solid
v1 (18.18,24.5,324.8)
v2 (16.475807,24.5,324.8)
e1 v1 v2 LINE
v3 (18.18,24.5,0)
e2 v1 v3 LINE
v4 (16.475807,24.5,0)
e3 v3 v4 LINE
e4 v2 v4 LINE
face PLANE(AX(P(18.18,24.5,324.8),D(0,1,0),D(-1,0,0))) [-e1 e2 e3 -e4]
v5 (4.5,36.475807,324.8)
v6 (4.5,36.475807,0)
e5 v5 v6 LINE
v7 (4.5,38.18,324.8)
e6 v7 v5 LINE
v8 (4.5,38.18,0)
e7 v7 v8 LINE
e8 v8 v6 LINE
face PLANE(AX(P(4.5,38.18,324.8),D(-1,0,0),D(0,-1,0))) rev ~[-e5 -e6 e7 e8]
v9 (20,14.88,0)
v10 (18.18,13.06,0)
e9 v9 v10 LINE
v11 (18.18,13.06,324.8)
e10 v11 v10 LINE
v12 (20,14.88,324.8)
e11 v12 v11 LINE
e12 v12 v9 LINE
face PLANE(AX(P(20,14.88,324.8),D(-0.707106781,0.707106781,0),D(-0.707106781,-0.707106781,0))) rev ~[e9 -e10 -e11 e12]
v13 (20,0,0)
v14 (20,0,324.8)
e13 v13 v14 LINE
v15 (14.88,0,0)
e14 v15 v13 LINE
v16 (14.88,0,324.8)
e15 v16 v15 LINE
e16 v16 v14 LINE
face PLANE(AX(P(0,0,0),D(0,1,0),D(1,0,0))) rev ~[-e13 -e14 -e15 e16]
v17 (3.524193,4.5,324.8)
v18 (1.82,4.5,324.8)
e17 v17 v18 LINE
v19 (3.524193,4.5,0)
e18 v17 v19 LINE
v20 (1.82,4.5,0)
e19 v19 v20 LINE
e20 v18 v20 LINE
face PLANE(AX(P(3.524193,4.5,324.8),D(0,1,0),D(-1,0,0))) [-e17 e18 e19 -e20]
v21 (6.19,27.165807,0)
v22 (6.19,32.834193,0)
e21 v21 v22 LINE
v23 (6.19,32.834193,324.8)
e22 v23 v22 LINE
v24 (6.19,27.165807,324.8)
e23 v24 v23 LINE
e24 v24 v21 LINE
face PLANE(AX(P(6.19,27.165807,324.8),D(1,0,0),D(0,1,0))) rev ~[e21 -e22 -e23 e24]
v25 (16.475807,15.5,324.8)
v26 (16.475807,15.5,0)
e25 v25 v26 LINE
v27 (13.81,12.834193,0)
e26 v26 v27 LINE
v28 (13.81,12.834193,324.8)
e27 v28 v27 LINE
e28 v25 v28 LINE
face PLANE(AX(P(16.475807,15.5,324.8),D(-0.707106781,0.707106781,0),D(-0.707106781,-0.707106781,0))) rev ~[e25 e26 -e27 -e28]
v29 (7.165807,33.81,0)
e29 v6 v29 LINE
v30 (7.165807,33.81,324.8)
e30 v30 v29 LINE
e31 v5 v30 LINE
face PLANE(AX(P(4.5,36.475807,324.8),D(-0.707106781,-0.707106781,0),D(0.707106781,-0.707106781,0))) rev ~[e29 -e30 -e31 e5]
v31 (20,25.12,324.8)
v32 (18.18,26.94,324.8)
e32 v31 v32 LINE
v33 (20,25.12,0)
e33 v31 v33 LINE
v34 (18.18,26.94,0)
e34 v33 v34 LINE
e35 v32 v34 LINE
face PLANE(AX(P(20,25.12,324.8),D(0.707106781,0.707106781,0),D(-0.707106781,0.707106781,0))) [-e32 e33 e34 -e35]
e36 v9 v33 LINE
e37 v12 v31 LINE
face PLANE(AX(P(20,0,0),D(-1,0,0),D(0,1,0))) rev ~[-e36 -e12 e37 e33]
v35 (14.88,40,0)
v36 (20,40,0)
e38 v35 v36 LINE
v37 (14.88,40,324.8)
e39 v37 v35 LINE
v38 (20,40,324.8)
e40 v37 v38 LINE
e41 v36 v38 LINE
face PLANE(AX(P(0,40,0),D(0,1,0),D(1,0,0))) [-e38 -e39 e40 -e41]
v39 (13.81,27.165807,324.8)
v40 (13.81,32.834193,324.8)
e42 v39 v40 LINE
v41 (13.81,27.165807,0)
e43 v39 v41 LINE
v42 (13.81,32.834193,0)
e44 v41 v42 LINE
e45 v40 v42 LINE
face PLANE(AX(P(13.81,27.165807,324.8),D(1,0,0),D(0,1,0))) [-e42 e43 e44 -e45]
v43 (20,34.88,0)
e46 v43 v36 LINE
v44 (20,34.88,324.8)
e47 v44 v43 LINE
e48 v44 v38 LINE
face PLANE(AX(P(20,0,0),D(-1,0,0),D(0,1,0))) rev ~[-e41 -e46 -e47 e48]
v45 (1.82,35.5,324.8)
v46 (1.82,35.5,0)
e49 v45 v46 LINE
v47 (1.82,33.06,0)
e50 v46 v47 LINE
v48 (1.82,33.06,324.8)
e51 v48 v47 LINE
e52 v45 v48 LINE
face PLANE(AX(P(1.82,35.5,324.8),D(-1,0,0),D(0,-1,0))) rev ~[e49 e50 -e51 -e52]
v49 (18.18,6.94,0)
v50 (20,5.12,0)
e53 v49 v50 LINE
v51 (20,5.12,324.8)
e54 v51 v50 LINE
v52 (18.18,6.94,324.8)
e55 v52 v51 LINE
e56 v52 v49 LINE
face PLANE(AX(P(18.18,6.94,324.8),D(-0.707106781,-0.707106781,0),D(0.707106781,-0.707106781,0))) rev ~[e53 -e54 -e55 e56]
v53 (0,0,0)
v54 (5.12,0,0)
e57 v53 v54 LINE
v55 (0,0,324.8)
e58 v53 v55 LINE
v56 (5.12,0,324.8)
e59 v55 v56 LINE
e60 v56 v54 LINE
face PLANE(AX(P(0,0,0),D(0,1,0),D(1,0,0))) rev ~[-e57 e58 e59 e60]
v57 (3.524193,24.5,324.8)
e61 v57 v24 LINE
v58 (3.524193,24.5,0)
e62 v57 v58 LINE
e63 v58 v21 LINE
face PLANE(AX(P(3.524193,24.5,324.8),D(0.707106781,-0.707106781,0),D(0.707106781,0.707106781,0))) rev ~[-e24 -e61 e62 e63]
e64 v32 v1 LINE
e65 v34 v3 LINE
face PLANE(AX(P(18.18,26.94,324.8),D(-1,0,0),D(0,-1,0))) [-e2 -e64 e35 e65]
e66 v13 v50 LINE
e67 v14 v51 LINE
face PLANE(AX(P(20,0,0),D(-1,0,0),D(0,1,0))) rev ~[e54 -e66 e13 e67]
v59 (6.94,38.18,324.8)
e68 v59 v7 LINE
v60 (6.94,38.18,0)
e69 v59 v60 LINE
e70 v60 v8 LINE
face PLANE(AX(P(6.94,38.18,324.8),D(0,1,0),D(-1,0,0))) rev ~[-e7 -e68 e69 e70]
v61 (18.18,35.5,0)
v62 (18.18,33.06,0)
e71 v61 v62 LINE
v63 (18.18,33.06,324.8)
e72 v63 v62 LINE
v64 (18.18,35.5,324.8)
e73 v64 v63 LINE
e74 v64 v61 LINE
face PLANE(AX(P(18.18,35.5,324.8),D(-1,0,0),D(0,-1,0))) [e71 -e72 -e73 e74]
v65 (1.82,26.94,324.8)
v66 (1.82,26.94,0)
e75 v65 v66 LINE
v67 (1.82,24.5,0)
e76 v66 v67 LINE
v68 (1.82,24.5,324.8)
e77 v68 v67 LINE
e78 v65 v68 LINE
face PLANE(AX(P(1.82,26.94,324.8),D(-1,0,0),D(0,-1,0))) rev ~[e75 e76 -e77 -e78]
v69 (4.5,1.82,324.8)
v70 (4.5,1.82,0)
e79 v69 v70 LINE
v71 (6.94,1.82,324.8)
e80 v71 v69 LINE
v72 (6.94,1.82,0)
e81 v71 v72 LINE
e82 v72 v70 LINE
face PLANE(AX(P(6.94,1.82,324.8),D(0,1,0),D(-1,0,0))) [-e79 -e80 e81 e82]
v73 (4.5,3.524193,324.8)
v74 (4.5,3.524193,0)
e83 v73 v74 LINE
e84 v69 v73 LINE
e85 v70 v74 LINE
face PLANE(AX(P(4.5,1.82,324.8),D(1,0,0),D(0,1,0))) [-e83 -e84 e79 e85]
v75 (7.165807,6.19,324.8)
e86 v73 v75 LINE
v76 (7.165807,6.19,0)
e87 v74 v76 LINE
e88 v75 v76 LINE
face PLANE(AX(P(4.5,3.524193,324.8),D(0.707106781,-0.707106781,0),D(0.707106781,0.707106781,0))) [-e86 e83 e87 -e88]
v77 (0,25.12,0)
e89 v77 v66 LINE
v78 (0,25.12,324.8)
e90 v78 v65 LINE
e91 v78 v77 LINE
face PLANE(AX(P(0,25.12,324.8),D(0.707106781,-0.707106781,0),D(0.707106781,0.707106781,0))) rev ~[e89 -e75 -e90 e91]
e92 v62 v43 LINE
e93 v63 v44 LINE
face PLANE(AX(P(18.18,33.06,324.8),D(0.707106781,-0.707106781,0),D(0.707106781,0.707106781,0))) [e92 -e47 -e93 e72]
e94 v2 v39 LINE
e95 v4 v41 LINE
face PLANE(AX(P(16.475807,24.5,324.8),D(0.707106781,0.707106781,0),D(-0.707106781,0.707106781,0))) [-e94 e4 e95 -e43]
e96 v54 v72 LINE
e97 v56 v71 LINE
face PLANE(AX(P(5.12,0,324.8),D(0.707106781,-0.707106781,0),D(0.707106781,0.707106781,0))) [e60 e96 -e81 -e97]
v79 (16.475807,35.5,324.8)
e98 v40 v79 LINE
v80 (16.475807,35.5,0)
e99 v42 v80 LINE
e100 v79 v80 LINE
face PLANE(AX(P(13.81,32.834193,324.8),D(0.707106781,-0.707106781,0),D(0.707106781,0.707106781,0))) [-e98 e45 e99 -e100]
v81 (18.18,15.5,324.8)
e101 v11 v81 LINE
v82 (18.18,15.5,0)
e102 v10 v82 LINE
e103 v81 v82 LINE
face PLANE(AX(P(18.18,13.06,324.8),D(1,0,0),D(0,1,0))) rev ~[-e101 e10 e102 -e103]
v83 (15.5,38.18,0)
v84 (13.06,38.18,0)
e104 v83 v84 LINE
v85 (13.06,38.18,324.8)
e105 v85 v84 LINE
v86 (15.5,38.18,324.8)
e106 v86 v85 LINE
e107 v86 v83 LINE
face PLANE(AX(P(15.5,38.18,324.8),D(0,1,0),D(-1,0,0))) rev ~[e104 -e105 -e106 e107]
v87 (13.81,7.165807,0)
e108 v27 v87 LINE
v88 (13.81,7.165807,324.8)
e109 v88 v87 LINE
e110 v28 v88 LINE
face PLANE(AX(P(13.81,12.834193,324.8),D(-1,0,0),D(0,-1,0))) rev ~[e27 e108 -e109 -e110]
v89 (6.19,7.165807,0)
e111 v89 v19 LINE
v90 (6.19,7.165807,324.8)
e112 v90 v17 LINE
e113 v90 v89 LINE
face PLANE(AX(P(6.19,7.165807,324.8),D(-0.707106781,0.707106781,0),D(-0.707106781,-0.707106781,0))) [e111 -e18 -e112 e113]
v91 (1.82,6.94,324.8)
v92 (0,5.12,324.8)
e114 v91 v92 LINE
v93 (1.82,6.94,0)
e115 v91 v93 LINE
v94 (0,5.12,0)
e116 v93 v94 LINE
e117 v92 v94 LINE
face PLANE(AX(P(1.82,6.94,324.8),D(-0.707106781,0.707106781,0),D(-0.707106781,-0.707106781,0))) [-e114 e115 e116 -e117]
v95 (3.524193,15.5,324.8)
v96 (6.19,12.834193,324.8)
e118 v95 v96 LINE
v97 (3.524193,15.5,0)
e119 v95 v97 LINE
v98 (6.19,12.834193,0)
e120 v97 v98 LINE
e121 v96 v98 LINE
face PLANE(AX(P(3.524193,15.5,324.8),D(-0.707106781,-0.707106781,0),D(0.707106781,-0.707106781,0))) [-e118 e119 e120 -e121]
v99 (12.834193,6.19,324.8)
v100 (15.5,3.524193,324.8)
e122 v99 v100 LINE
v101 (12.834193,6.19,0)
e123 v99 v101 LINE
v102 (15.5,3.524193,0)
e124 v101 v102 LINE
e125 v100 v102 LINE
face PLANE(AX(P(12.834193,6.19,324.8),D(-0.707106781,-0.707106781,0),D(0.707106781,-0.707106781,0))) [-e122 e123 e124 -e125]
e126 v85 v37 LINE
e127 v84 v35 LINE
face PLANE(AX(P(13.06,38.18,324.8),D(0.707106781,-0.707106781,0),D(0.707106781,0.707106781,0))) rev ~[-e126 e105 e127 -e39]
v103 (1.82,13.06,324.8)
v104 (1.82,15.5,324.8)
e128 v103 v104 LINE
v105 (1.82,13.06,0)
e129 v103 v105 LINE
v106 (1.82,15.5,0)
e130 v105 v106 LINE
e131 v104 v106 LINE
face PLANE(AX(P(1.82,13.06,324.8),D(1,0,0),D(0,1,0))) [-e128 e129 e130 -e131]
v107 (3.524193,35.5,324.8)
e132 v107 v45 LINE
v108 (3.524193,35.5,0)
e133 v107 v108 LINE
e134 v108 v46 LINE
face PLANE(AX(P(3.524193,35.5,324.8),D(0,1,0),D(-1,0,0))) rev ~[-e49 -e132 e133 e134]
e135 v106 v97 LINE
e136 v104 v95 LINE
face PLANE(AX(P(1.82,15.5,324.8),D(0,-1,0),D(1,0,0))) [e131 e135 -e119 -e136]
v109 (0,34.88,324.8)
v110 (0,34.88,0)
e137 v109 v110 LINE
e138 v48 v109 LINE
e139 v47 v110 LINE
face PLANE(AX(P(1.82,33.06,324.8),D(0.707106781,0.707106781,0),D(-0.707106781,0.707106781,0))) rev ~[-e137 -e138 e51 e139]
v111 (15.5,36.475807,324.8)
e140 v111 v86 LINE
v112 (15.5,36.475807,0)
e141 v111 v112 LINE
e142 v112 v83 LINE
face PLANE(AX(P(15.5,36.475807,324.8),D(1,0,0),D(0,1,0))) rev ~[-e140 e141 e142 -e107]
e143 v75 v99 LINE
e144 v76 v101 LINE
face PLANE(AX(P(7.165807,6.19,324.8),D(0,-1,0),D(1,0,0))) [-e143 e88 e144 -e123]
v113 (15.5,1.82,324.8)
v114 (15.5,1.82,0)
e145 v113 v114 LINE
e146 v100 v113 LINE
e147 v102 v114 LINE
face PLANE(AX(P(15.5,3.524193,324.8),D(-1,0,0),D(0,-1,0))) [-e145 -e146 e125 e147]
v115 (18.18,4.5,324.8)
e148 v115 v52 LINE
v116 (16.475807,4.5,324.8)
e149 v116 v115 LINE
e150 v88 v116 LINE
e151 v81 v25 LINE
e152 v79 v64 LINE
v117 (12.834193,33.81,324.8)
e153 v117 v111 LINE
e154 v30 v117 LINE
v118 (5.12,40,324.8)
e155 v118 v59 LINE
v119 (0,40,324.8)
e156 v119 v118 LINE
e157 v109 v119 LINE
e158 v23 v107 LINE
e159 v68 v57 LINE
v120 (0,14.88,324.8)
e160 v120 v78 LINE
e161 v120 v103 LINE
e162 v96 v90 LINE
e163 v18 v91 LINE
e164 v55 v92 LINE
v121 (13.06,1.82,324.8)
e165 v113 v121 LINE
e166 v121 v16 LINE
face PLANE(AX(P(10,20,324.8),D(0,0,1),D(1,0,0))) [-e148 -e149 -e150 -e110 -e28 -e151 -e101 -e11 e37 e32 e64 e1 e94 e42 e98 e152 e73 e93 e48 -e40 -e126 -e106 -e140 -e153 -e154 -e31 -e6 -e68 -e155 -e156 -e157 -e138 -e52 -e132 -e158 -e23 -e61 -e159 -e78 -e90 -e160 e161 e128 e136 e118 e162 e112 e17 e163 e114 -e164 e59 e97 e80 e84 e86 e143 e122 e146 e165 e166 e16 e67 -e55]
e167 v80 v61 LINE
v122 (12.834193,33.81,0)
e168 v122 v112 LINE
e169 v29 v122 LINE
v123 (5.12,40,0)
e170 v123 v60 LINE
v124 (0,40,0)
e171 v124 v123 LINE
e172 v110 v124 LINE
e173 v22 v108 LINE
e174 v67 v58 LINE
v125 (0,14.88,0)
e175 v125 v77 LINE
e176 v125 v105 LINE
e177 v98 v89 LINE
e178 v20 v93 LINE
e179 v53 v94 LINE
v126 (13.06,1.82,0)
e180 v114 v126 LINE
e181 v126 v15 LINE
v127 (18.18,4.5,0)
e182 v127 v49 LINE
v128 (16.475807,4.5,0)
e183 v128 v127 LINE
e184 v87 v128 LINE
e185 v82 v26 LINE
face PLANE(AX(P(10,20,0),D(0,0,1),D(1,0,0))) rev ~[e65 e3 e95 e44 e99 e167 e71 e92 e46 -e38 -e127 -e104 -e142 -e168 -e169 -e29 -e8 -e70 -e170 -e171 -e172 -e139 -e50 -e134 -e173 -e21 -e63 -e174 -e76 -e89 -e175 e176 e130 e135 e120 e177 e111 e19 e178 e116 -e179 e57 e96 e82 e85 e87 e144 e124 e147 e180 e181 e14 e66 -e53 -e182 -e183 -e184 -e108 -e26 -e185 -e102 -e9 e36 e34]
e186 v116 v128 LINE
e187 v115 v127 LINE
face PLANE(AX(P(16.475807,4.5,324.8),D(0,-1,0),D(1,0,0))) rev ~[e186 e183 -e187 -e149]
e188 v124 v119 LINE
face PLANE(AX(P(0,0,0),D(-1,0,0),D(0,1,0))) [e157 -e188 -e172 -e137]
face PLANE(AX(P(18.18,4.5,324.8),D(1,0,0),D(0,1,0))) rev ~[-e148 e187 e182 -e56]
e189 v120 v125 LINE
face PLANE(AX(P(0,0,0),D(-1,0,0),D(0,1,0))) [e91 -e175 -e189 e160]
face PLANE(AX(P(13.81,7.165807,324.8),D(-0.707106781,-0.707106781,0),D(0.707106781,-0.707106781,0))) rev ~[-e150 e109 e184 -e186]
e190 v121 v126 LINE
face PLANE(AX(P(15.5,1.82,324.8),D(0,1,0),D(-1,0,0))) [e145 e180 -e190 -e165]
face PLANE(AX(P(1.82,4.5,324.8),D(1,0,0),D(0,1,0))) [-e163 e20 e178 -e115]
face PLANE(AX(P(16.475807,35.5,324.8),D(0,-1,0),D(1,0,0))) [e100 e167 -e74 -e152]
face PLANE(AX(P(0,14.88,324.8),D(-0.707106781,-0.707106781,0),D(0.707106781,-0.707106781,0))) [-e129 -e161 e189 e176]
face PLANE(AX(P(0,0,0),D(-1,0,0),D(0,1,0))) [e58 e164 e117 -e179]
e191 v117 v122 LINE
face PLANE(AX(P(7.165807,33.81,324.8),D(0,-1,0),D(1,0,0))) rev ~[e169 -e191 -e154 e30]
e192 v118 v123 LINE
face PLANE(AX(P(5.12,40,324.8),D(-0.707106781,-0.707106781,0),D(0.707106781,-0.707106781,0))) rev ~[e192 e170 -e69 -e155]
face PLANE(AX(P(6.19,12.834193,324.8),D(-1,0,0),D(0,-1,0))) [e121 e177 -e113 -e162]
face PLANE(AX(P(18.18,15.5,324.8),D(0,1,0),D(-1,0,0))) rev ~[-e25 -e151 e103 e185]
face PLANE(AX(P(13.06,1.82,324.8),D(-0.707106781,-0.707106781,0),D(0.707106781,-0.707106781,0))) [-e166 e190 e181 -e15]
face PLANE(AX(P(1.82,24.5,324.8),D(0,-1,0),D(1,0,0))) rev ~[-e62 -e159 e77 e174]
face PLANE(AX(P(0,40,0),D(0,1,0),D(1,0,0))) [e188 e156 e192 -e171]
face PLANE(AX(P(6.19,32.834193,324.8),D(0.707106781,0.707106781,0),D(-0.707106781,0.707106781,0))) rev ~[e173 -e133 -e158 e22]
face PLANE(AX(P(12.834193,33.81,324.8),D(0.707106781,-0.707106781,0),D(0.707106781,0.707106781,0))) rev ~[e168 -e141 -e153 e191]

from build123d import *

# Parameters (mm, degrees)
SKETCH1_W           = 20
SKETCH1_H           = 40
BOSS_EXTRUDE1_DEPTH = 324.8
CUT_EXTRUDE1_DEPTH  = 328.864362199


with BuildPart() as part:
    # Sketch1 → Boss-Extrude1 (new body)
    with BuildSketch(Plane.XY):
        with Locations((10, 20)):
            Rectangle(SKETCH1_W, SKETCH1_H)
    extrude(amount=BOSS_EXTRUDE1_DEPTH)

    # Sketch2 → Cut-Extrude1 (cut, through all)
    with BuildSketch(Plane.XY.offset(324.8)):
        Polygon((5.12, 40), (6.94, 38.18), (4.5, 38.18), (4.5, 36.475807358), (7.165807358, 33.81), (12.834192642, 33.81), (15.5, 36.475807358), (15.5, 38.18), (13.06, 38.18), (14.88, 40), align=None)
        Polygon((18.18, 35.5), (18.18, 33.06), (20, 34.88), (20, 25.12), (18.18, 26.94), (18.18, 24.5), (16.475807358, 24.5), (13.81, 27.165807358), (13.81, 32.834192642), (16.475807358, 35.5), align=None)
        Polygon((20, 14.88), (18.18, 13.06), (18.18, 15.5), (16.475807358, 15.5), (13.81, 12.834192642), (13.81, 7.165807358), (16.475807358, 4.5), (18.18, 4.5), (18.18, 6.94), (20, 5.12), align=None)
        Polygon((15.5, 1.82), (13.06, 1.82), (14.88, 0), (5.12, 0), (6.94, 1.82), (4.5, 1.82), (4.5, 3.524192642), (7.165807358, 6.19), (12.834192642, 6.19), (15.5, 3.524192642), align=None)
        Polygon((1.82, 4.5), (1.82, 6.94), (0, 5.12), (0, 14.88), (1.82, 13.06), (1.82, 15.5), (3.524192642, 15.5), (6.19, 12.834192642), (6.19, 7.165807358), (3.524192642, 4.5), align=None)
        Polygon((0, 25.12), (1.82, 26.94), (1.82, 24.5), (3.524192642, 24.5), (6.19, 27.165807358), (6.19, 32.834192642), (3.524192642, 35.5), (1.82, 35.5), (1.82, 33.06), (0, 34.88), align=None)
    extrude(amount=-CUT_EXTRUDE1_DEPTH, mode=Mode.SUBTRACT)


solid = part.part
